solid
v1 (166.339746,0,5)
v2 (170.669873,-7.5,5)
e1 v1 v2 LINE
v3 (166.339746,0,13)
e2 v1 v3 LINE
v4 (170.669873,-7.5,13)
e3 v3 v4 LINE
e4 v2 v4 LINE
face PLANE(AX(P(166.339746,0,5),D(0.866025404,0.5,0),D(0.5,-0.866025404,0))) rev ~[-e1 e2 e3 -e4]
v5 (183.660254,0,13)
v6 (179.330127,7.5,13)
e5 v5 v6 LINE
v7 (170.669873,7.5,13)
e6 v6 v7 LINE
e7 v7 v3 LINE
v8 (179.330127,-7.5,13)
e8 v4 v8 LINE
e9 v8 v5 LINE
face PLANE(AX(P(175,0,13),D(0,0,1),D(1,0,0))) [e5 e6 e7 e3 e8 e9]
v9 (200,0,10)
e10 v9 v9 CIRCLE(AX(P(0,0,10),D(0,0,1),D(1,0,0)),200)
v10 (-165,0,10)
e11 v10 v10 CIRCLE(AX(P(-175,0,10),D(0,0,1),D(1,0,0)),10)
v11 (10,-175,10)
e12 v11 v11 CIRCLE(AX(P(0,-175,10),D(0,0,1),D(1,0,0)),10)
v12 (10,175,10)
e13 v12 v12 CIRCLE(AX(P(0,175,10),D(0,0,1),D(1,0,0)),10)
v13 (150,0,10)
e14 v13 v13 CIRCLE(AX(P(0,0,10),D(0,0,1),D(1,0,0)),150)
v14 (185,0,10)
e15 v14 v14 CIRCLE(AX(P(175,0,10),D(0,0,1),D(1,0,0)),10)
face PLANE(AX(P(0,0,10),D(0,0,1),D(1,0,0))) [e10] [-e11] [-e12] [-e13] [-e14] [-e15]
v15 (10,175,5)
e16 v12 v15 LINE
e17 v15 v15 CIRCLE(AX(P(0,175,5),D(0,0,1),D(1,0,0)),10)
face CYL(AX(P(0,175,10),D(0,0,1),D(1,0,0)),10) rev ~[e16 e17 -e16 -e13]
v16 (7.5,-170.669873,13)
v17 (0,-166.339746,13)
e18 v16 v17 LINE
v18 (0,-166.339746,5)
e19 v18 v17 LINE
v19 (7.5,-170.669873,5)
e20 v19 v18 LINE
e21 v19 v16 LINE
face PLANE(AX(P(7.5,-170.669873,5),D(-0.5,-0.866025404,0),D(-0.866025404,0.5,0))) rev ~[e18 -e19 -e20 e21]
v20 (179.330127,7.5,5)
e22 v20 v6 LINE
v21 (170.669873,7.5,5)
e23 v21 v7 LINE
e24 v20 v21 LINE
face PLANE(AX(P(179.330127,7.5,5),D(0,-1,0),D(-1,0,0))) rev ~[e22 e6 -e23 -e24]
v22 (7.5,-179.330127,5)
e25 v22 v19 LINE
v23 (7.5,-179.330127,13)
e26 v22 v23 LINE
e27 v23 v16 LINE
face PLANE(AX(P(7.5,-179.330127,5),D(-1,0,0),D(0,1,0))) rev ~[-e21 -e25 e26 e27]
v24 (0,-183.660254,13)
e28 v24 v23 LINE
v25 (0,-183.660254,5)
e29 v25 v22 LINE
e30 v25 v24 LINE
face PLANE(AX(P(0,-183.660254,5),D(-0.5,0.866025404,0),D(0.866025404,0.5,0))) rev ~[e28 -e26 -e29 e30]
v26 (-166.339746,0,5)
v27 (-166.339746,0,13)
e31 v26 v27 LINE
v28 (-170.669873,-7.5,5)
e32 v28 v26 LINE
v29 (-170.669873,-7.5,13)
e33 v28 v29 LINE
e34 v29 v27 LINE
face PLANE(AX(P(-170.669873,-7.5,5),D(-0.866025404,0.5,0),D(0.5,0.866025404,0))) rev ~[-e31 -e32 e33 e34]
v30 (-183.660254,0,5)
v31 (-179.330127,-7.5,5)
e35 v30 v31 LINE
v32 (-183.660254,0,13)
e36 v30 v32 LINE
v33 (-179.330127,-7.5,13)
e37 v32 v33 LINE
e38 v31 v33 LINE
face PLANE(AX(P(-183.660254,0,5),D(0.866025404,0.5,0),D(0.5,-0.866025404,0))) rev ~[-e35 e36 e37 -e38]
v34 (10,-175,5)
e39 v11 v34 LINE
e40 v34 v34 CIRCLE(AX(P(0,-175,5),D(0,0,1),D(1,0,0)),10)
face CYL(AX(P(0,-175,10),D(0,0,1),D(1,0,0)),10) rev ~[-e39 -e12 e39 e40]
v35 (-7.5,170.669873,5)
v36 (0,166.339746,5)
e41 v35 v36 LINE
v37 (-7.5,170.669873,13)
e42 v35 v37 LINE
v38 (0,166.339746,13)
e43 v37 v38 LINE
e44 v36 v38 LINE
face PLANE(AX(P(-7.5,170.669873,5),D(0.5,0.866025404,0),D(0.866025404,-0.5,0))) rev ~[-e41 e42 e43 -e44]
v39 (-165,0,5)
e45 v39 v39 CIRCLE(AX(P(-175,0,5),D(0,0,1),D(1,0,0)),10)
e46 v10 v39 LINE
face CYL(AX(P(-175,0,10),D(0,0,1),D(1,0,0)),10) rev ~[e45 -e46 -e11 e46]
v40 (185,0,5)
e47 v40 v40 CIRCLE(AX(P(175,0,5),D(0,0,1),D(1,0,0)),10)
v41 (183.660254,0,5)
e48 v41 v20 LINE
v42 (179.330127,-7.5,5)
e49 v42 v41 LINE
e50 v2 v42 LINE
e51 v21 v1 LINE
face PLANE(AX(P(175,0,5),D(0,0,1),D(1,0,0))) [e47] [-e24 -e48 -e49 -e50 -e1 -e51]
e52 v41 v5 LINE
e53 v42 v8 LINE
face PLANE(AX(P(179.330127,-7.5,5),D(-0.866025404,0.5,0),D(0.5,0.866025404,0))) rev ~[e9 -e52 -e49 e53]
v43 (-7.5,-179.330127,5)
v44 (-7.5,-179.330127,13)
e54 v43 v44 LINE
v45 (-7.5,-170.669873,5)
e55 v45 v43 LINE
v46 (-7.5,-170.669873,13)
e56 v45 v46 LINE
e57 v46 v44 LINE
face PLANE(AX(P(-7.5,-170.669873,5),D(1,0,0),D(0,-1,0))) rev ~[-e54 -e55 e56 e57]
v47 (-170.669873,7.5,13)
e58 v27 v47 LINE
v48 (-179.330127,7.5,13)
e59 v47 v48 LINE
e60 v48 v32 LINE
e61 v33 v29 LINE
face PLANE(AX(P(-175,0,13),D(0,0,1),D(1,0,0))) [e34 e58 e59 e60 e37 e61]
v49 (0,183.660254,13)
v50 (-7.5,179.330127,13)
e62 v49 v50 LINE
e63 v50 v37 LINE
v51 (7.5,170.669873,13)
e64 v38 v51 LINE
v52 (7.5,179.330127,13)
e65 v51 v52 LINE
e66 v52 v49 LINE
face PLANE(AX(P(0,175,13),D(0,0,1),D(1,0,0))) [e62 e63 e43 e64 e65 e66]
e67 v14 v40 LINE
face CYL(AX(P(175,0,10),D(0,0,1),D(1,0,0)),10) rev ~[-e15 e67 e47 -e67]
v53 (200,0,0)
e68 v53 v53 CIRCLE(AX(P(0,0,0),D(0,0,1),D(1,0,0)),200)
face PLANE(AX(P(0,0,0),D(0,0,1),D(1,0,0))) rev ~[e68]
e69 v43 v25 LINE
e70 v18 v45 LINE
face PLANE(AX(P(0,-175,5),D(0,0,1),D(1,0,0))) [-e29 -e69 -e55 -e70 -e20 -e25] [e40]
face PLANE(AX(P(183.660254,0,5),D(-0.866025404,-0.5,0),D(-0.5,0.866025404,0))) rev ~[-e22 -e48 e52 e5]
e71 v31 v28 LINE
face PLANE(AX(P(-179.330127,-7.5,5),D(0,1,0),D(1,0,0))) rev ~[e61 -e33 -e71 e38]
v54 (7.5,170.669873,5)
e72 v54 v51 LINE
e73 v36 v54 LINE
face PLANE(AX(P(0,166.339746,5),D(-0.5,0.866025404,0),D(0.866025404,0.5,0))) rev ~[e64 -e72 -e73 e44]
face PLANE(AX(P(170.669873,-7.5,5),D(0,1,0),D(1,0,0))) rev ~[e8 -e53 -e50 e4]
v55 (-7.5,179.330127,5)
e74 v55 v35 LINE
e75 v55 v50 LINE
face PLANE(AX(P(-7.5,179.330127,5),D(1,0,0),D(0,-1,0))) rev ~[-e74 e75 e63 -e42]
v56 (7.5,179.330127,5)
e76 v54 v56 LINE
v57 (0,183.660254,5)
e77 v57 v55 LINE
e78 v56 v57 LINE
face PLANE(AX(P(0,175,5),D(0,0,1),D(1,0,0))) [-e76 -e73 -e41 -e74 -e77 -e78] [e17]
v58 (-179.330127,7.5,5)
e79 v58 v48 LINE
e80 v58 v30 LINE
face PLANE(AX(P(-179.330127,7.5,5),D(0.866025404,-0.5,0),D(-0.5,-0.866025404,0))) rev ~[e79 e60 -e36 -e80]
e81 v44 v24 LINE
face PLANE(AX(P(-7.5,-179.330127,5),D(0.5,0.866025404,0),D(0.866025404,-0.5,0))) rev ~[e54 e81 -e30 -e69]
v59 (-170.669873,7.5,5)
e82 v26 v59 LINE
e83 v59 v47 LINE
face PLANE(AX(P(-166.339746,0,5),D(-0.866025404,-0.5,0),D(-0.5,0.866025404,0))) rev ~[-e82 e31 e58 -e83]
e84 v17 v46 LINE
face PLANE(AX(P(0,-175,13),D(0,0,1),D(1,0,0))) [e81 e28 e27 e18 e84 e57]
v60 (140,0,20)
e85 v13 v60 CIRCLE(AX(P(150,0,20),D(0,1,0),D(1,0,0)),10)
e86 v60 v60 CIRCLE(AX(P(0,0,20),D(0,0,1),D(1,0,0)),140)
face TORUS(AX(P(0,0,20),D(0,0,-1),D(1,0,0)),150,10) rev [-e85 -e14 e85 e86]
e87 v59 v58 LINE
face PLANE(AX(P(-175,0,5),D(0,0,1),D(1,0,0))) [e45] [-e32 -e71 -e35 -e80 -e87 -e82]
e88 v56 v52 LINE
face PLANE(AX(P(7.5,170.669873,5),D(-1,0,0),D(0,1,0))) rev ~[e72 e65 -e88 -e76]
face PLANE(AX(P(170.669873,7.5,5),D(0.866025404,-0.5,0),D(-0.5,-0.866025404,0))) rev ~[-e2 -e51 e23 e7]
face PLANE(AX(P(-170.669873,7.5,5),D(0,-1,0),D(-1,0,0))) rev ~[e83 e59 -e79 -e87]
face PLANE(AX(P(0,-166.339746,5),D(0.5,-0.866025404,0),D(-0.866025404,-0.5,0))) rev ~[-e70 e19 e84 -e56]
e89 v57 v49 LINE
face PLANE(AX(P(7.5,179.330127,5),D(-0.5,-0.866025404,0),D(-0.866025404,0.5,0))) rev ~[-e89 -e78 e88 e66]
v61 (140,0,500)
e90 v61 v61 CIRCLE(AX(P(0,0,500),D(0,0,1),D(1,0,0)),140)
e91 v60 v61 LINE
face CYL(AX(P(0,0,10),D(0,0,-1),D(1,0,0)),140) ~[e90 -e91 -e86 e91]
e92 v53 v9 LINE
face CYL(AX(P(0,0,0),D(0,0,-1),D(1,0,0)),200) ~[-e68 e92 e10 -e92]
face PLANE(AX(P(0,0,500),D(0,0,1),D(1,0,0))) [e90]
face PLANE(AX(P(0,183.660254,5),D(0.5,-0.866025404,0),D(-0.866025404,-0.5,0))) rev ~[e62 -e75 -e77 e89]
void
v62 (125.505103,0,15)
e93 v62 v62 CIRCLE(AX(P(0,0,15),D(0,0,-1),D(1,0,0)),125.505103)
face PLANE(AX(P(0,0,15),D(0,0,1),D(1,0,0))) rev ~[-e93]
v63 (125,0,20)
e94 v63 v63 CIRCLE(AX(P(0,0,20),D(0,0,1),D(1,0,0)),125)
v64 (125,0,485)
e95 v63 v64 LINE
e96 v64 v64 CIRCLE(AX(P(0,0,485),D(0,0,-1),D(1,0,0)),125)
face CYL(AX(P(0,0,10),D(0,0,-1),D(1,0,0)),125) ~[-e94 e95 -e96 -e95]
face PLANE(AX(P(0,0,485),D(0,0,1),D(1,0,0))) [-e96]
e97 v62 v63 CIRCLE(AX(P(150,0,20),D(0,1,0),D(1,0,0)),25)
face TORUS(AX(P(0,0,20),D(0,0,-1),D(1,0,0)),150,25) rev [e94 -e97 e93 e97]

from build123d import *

# Parameters (mm, degrees)
SKIZZE1_R                       = 200
AUFSATZ_LINEAR_AUSTRAGEN1_DEPTH = 10
SKIZZE2_R                       = 140
AUFSATZ_LINEAR_AUSTRAGEN2_DEPTH = 490
VERRUNDUNG2_R                   = 10
SKIZZE8_R                       = 10
SCHNITT_LINEAR_AUSTRAGEN1_DEPTH = 5
AUFSATZ_LINEAR_AUSTRAGEN4_DEPTH = 8
WANDUNG1_T                      = 15


with BuildPart() as part:
    # Skizze1 → Aufsatz-Linear austragen1 (new body)
    with BuildSketch(Plane.XY):
        Circle(SKIZZE1_R)
    extrude(amount=AUFSATZ_LINEAR_AUSTRAGEN1_DEPTH)

    # Skizze2 → Aufsatz-Linear austragen2 (add)
    with BuildSketch(Plane.XY.offset(10)):
        Circle(SKIZZE2_R)
    extrude(amount=AUFSATZ_LINEAR_AUSTRAGEN2_DEPTH)

    # Verrundung2
    verrundung2_edges = [part.edges().sort_by_distance(p)[0] for p in [
        (-140, 0, 10),
    ]]
    fillet(verrundung2_edges, radius=VERRUNDUNG2_R)

    # Skizze8 → Schnitt-Linear austragen1 (cut)
    with BuildSketch(Plane.XY.offset(10)):
        with Locations((0, 175)):
            Circle(SKIZZE8_R)
        with Locations((175, 0)):
            Circle(SKIZZE8_R)
        with Locations((0, -175)):
            Circle(SKIZZE8_R)
        with Locations((-175, 0)):
            Circle(SKIZZE8_R)
    extrude(amount=-SCHNITT_LINEAR_AUSTRAGEN1_DEPTH, mode=Mode.SUBTRACT)

    # Skizze9 → Aufsatz-Linear austragen4 (add)
    with BuildSketch(Plane.XY.offset(5)):
        Polygon((0, 166.339745962), (7.5, 170.669872981), (7.5, 179.330127019), (0, 183.660254038), (-7.5, 179.330127019), (-7.5, 170.669872981), align=None)
        Polygon((-166.339745962, 0), (-170.669872981, 7.5), (-179.330127019, 7.5), (-183.660254038, 0), (-179.330127019, -7.5), (-170.669872981, -7.5), align=None)
        Polygon((166.339745962, 0), (170.669872981, -7.5), (179.330127019, -7.5), (183.660254038, 0), (179.330127019, 7.5), (170.669872981, 7.5), align=None)
        Polygon((0, -166.339745962), (-7.5, -170.669872981), (-7.5, -179.330127019), (0, -183.660254038), (7.5, -179.330127019), (7.5, -170.669872981), align=None)
    extrude(amount=AUFSATZ_LINEAR_AUSTRAGEN4_DEPTH)

    # Wandung1 (no face opened: a closed hollow body)
    add(offset(amount=-WANDUNG1_T, mode=Mode.PRIVATE), mode=Mode.SUBTRACT)


solid = part.part
